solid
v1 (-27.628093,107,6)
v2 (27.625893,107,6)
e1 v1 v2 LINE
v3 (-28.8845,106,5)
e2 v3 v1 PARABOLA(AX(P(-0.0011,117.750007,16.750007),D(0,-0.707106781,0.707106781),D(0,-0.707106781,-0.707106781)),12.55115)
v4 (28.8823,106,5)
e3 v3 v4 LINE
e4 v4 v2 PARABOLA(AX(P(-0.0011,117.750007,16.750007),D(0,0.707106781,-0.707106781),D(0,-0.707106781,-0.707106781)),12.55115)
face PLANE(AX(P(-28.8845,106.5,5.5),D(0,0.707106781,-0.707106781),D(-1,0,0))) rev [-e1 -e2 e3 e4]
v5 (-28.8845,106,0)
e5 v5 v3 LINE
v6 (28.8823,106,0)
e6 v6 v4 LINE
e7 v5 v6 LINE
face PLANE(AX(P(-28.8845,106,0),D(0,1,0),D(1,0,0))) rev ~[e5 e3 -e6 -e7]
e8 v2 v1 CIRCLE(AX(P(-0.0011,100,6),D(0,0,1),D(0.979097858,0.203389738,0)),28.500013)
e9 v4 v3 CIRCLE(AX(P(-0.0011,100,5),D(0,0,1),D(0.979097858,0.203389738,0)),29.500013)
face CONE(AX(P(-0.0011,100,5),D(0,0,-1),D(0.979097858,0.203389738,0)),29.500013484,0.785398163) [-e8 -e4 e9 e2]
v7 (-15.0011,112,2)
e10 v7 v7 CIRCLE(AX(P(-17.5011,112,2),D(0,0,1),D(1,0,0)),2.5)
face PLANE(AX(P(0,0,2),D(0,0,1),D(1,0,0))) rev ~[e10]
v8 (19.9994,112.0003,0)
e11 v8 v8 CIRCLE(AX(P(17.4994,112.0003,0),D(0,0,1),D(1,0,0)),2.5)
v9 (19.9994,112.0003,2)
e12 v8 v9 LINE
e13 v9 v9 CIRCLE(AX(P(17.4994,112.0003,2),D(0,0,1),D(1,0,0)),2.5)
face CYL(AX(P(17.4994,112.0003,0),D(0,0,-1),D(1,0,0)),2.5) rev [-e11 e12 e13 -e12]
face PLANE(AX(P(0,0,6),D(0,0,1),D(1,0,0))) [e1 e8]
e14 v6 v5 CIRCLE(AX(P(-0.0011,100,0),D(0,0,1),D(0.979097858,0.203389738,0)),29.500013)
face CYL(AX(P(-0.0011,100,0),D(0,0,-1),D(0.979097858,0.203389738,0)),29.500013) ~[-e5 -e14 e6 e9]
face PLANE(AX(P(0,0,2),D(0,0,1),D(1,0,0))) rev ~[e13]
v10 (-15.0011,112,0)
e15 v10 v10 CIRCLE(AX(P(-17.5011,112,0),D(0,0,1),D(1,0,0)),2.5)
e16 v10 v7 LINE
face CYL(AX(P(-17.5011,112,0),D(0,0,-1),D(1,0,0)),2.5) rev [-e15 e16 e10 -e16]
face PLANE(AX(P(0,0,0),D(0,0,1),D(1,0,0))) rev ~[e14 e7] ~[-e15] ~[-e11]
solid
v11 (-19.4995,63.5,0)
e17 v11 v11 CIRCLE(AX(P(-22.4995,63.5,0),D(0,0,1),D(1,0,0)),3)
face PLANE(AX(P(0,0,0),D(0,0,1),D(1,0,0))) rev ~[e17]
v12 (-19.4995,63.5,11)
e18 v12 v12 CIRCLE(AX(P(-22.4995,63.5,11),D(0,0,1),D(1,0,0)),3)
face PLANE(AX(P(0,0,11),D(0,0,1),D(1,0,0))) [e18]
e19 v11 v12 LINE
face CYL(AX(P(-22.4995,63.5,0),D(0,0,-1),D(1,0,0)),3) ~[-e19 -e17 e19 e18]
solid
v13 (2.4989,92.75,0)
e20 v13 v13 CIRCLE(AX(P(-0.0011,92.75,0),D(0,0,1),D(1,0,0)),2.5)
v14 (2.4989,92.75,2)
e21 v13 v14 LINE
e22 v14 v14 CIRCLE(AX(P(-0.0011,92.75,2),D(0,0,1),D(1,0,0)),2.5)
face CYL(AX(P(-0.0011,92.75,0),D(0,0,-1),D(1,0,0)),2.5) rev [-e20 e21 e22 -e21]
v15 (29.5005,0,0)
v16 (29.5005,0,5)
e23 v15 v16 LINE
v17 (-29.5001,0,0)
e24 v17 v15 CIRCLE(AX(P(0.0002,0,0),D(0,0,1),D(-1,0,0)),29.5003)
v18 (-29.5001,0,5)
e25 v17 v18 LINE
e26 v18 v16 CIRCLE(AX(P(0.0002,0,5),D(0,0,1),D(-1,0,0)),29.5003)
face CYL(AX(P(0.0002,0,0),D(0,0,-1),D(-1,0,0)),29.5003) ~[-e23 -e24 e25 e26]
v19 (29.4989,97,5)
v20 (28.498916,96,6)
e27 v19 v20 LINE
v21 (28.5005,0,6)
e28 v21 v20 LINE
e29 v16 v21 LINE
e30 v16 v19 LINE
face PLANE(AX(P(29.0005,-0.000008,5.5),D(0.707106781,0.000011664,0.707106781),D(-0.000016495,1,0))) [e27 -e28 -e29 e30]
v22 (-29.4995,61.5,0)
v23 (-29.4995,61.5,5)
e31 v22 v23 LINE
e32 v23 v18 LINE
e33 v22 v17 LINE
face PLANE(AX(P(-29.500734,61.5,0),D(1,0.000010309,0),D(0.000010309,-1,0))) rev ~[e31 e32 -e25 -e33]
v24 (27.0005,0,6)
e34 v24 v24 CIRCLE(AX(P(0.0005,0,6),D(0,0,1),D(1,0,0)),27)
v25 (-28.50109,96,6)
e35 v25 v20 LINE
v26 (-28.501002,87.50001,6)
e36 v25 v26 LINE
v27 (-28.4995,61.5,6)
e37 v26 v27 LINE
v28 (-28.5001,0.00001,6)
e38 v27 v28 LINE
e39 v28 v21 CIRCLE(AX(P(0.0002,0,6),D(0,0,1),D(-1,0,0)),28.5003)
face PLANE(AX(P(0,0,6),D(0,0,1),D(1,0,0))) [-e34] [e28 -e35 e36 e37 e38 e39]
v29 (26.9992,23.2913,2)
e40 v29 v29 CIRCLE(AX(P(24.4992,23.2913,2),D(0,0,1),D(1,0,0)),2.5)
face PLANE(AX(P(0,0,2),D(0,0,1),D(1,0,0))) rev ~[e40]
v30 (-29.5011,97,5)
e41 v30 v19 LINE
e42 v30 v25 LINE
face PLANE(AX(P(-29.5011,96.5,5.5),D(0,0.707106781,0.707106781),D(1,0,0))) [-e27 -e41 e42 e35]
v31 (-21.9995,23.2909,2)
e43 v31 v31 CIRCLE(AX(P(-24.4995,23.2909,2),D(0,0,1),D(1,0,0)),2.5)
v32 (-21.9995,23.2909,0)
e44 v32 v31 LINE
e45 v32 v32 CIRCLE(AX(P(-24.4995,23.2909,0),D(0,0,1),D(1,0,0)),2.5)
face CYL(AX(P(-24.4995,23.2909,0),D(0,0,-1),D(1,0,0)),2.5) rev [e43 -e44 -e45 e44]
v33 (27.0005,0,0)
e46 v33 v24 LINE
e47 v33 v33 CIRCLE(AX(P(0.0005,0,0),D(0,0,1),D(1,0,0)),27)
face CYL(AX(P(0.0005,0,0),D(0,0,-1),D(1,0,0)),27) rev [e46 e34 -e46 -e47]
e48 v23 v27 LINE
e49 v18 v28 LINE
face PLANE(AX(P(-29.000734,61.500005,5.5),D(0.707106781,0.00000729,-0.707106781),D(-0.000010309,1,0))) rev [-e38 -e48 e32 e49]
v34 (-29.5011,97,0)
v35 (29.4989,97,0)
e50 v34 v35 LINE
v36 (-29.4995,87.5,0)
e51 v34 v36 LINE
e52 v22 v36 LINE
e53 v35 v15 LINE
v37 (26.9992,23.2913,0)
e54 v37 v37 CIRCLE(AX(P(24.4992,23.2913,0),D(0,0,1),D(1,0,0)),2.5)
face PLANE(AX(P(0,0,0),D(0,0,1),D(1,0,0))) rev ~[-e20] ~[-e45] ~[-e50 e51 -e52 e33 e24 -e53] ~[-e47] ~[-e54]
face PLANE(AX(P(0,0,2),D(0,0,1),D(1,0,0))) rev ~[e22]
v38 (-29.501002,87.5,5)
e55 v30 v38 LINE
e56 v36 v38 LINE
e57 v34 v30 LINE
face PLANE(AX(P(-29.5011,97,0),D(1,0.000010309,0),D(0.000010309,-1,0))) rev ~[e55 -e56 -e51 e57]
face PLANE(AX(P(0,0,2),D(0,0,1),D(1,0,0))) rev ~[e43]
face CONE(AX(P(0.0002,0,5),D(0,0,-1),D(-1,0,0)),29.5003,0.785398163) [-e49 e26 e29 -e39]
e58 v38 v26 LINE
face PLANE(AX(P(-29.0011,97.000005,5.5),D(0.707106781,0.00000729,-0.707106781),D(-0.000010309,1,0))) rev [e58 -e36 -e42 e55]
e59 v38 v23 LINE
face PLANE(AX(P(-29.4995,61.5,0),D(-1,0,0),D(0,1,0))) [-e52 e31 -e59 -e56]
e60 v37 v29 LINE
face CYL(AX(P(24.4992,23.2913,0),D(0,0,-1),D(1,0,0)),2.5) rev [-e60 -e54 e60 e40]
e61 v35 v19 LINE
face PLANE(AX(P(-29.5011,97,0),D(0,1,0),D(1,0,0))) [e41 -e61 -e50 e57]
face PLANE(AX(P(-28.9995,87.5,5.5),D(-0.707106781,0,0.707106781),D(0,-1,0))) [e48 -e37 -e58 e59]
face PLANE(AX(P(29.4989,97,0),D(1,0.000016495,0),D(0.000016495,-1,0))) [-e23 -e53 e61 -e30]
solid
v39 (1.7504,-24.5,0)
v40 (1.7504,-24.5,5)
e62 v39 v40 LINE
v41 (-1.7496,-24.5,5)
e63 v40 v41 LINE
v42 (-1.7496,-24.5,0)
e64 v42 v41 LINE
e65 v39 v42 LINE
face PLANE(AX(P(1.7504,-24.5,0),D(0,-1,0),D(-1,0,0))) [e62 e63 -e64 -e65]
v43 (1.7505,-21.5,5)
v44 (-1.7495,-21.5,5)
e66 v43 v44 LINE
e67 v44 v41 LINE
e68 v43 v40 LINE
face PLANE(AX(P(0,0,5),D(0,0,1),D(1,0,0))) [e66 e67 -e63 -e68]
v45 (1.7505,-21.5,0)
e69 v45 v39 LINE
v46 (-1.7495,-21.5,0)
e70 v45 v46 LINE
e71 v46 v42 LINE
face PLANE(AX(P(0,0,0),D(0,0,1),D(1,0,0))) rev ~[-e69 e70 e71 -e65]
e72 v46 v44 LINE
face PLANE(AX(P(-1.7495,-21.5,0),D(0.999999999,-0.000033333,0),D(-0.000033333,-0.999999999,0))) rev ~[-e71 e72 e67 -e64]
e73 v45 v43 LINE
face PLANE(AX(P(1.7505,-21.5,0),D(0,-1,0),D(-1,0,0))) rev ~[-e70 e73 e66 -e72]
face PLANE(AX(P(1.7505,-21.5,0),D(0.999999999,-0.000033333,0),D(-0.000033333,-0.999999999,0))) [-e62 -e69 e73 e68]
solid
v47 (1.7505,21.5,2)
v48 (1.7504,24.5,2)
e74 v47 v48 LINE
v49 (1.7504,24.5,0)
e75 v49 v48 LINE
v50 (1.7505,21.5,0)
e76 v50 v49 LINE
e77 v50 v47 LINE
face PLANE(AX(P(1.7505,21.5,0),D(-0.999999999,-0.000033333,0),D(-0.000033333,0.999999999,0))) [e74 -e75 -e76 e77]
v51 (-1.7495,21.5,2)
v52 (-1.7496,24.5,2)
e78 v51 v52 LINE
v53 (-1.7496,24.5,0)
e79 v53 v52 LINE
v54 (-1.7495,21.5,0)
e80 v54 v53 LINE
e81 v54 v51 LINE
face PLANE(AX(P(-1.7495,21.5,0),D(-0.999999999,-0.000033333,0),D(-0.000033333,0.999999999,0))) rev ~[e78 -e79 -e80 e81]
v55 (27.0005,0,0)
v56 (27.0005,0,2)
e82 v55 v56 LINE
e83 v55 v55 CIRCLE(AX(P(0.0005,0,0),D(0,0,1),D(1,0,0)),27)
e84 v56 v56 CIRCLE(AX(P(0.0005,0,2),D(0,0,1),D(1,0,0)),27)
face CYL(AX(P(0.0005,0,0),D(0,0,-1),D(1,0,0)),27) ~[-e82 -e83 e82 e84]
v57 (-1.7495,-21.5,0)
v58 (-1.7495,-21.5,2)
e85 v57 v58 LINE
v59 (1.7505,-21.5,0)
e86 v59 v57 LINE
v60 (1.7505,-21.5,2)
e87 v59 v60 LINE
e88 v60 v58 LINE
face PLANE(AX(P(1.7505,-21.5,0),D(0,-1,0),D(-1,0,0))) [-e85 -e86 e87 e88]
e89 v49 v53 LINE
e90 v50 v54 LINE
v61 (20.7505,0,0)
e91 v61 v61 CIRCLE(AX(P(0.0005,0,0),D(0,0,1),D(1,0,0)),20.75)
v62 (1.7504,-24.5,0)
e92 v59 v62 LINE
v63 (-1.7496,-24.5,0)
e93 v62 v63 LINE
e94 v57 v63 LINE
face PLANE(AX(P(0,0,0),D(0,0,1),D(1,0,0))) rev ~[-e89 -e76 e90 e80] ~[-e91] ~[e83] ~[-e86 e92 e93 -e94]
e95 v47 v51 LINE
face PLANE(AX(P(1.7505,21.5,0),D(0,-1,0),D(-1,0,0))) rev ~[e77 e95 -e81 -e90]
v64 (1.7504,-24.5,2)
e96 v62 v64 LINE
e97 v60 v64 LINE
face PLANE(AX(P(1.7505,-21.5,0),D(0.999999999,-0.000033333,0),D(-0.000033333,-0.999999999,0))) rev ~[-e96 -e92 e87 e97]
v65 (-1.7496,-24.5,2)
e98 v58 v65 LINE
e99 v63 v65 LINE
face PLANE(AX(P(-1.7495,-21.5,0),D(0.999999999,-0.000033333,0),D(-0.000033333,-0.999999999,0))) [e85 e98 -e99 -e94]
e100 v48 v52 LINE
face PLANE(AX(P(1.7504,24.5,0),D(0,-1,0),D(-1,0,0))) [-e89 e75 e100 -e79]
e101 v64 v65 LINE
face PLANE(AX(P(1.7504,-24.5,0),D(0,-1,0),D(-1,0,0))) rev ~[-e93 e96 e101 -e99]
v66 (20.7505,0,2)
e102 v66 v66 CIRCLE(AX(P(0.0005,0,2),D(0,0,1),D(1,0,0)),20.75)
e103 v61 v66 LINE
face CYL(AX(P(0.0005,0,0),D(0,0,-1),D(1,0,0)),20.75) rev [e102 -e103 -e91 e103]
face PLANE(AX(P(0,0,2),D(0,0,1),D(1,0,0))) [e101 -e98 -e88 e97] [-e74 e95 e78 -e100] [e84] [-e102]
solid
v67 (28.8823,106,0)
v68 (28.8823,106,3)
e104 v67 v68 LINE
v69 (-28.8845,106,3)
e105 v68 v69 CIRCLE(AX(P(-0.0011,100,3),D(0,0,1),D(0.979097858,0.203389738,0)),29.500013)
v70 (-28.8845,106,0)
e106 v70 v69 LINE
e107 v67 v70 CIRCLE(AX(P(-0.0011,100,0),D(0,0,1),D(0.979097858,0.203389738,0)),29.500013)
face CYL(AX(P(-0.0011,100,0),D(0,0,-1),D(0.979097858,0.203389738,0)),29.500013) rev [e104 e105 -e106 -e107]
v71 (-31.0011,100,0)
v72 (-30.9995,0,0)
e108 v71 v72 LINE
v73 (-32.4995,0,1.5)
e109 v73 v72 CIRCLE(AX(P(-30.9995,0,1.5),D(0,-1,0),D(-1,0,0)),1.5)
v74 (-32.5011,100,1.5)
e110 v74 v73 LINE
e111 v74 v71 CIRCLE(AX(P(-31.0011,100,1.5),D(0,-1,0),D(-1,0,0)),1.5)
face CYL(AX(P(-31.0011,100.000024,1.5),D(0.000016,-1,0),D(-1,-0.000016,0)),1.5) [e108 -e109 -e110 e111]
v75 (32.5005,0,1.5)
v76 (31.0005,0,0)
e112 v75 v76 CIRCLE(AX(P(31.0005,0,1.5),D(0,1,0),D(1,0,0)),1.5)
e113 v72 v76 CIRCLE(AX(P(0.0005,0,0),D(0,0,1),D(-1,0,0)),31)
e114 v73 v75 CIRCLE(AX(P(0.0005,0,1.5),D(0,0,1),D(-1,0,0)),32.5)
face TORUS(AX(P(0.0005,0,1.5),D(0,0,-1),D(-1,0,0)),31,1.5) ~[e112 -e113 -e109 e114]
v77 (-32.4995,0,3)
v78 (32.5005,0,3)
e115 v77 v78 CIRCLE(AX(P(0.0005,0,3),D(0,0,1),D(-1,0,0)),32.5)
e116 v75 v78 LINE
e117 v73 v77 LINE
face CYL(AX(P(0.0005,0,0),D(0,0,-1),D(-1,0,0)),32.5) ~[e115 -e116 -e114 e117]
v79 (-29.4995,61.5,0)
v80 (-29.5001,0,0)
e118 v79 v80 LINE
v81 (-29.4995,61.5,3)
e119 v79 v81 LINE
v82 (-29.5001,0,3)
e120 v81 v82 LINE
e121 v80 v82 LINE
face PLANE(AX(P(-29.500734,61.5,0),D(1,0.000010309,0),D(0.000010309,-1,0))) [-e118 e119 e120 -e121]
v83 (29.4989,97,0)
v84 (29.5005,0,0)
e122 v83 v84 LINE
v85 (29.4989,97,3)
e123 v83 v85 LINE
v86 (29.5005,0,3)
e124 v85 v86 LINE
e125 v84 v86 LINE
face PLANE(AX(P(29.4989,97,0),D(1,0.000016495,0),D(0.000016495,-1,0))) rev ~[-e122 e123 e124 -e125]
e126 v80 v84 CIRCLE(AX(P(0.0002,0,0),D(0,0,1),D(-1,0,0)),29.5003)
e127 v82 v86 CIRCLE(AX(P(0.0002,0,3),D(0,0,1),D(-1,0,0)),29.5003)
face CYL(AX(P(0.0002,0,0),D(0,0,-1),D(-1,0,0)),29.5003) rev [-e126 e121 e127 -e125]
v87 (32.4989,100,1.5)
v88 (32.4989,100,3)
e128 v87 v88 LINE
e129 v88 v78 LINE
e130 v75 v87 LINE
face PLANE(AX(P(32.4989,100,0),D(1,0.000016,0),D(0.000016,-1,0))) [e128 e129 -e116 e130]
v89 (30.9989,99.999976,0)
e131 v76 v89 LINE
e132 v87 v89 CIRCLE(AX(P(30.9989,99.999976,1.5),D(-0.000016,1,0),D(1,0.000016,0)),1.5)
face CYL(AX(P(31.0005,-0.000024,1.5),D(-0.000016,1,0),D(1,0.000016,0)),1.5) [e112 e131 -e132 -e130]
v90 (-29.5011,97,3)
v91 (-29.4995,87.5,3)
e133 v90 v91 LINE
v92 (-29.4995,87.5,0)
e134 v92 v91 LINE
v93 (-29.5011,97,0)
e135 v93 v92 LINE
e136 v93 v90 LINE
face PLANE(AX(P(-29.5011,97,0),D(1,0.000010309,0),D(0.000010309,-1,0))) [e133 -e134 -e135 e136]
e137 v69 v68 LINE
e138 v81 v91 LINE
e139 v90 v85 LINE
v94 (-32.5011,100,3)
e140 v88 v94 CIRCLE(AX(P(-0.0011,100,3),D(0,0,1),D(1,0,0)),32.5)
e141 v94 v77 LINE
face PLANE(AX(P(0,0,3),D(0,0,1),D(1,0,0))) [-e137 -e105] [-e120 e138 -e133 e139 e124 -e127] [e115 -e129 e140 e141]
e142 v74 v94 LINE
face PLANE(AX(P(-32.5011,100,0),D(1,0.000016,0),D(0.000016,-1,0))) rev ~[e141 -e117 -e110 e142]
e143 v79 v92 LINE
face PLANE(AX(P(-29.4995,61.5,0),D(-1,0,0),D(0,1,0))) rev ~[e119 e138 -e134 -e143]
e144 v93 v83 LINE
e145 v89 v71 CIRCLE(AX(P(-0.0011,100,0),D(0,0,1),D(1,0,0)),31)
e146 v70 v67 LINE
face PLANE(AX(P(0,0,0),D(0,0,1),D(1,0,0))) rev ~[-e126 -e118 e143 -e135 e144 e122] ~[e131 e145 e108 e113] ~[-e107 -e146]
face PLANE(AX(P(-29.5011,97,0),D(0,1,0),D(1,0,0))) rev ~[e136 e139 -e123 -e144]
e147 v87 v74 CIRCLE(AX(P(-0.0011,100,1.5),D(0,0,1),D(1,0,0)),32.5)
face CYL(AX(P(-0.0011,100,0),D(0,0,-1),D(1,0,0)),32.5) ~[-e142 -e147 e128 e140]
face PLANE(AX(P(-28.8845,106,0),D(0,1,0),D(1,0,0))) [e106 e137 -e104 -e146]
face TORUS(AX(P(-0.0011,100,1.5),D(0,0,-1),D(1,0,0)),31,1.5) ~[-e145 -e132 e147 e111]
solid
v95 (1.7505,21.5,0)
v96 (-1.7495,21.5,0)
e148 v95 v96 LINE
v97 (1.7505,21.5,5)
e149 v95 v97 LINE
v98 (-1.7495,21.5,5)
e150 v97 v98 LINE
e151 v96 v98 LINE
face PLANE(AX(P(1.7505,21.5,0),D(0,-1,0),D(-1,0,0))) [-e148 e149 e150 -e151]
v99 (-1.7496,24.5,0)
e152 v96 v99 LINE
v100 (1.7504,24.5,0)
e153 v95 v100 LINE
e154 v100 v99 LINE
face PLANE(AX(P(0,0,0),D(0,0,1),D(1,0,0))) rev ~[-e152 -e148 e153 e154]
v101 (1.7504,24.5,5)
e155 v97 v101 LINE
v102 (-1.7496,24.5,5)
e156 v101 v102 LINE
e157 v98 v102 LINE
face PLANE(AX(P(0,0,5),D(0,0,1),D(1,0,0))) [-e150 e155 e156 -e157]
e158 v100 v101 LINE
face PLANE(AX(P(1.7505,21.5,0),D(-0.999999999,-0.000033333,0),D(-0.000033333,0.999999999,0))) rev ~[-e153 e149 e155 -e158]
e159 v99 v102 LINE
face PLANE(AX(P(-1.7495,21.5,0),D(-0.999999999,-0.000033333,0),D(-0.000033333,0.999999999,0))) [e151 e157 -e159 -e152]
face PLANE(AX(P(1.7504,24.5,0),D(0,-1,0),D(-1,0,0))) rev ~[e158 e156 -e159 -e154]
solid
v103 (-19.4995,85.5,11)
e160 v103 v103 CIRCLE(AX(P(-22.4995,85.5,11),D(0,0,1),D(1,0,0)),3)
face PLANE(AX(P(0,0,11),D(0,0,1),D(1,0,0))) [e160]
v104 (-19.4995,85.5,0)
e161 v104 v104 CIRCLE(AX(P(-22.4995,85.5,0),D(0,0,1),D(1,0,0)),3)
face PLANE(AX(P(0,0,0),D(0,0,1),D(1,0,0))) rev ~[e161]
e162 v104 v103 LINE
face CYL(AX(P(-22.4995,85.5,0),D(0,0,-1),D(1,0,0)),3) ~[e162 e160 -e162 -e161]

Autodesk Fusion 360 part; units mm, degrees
sketch "Sketch1" plane through (0, 0, 0) normal (0, 0, 1) x (1, 0, 0)
  circle A0 centre (0.0005, 0) radius 20.75
  arc A1 (32.4989, 100) -> (-32.5011, 100) centre (-0.0011, 100) ccw
  circle A2 centre (0.0005, 0) radius 27
  line L0 (-49, 0) -> (63, 0) construction
  line L1 (-32.5011, 100) -> (-32.4995, 0)
  line L2 (32.4989, 100) -> (32.5005, 0)
  arc A3 (-32.4995, 0) -> (32.5005, 0.0005) centre (0.0005, 0) ccw
  arc A4 (-29.5001, 0) -> (29.5005, 0) centre (0.0002, 0) ccw
  line L3 (-29.4995, 61.5) -> (-29.4995, 87.5)
  line L4 (-29.5011, 97) -> (29.4989, 97)
  line L5 (-28.8845, 106) -> (28.8823, 106)
  arc A5 (28.8823, 106) -> (-28.8845, 106) centre (-0.0011, 100) ccw
  line L6 (29.4989, 100.0007) -> (29.4989, 100)
  line L7 (29.4989, 97) -> (29.5005, 0)
  line L8 (-29.5011, 97) -> (-29.5001, 0)
  line L9 (-24.4995, 23.2909) -> (-38.4097, 23.2907) construction
  line L10 (-29.5011, 97) -> (-29.5001, 0)
  line L11 (-26.4995, 112) -> (22.6043, 112) construction
  line L12 (0.0002, 0) -> (0.0007, -38) construction
  line L13 (-1.7495, 21.5) -> (-1.7496, 24.5)
  line L14 (1.7505, 21.5) -> (1.7504, 24.5)
  line L15 (1.7505, 21.5) -> (-1.7495, 21.5)
  line L16 (1.7504, 24.5) -> (-1.7496, 24.5)
  circle A6 centre (17.4994, 112.0003) radius 2.5
  circle A7 centre (-17.5011, 112) radius 2.5
  circle A8 centre (24.4992, 23.2913) radius 2.5
  circle A9 centre (-24.4995, 23.2909) radius 2.5
  line L17 (1.7504, -24.5) -> (-1.7496, -24.5)
  line L18 (-1.7495, -21.5) -> (-1.7496, -24.5)
  line L19 (1.7505, -21.5) -> (-1.7495, -21.5)
  line L20 (1.7505, -21.5) -> (1.7504, -24.5)
  line L21 (-24.9995, 61) -> (3.0005, 61) construction
  line L22 (3.0005, 61) -> (3.0005, 88) construction
  line L23 (3.0005, 88) -> (-24.9995, 88) construction
  line L24 (-24.9995, 88) -> (-24.9995, 61) construction
  circle A10 centre (-22.4995, 63.5) radius 3
  line L25 (-24.9995, 74.5) -> (3.0005, 74.5) construction
  circle A11 centre (-22.4995, 85.5) radius 3
  circle A12 centre (-0.0011, 92.75) radius 2.5
  dimension "d2" = 41.5
  dimension "d3" = 65
  dimension "d76" = 54
  dimension "d88" = 65
  dimension "d91" = 100
  dimension "d107" = 3
  dimension "d118" = 26
  dimension "d144" = 5
  dimension "d145" = 8
  dimension "d148" = 5
  dimension "d149" = 4.25
  dimension "d150" = 32.5
  dimension "d151" = 5
  dimension "d152" = 15
  dimension "d153" = 12
  dimension "d235" = 21.5
  dimension "d236" = 3
  dimension "d237" = 27
  dimension "d238" = 28
  dimension "d239" = 6
  dimension "d243" = 2.5
  dimension "d244" = 2.5
  dimension "d245" = 61
  dimension "d246" = 25
extrude "Extrude30" add sketch "Sketch1" along normal blind 3 contours A1 L1 L2 A3 makes body 1
extrude "Extrude32" add sketch "Sketch1" along normal blind 5 separate body contours L13 L14 L15 L16 | L17 L18 L19 L20 makes body 2 at (-0.5829, 21.5, 3.3333) makes body 3 at (0.5838, -21.5, 1.6667)
extrude "Extrude33" add sketch "Sketch1" along normal blind 2 separate body contours A2 makes body 4
extrude "Extrude34" add sketch "Sketch1" along normal blind 6 separate body contours A4 L3 L4 L7 L8 L10 | L5 A5 | A6 | A7 | A8 | A9 | A10 | A11 | A12 makes body 5 at (-1.0934, 115.1669, 0) makes body 6 at (-0.6731, 73.6415, 0)
chamfer "Chamfer1" distance 1 angle 45 4 edges at (-29.5006, 48.5, 6) (0.0002, -29.5003, 6) (29.4997, 48.5, 6) (-0.0011, 97, 6) on bodies 6
chamfer "Chamfer2" distance 1 angle 45 2 edges at (-0.0011, 129.5, 6) (-0.0011, 106, 6) on bodies 5
fillet "Fillet1" radius 1.5 4 edges at (0.0007, -32.5, 0) (-32.5003, 50, 0) (-0.0011, 132.5, 0) (32.4997, 50.0003, 0) on bodies 1
extrude "Extrude35" cut sketch "Sketch1" along normal blind 2 contours A6 | A7 bodies 5
extrude "Extrude36" cut sketch "Sketch1" along normal blind 2 contours A8 | A9 bodies 6
extrude "Extrude37" cut sketch "Sketch1" along normal blind 2 contours A12 bodies 6
extrude "Extrude38" add sketch "Sketch1" along normal blind 11 separate body contours A10 | A11 makes body 7 at (-19.8649, 64.9348, 3.6667) makes body 8 at (-19.6805, 84.4739, 7.3333)
extrude "Extrude6" [suppressed]
extrude "Extrude7" [suppressed]
sketch "Sketch3" plane through (-30, 0, 0) normal (-1, 0, 0) x (0, -1, 0)
  line L0 (-60, 0) -> (0, 0)
  line L1 (0, 0) -> (0, 36)
  line L2 (0, 36) -> (-60, 36)
  line L3 (-60, 36) -> (-60, 0)
  line L4 (-52, 8) -> (-52, 28)
  line L5 (-55, 28) -> (-55, 8)
  arc A0 (-52, 28) -> (-55, 28) centre (-53.5, 28) ccw
  arc A1 (-55, 8) -> (-52, 8) centre (-53.5, 8) ccw
  arc A2 (-46.125, 28) -> (-49.125, 28) centre (-47.625, 28) ccw
  line L6 (-46.125, 8) -> (-46.125, 28)
  line L7 (-49.125, 28) -> (-49.125, 8)
  arc A3 (-49.125, 8) -> (-46.125, 8) centre (-47.625, 8) ccw
  arc A4 (-40.25, 28) -> (-43.25, 28) centre (-41.75, 28) ccw
  line L8 (-40.25, 8) -> (-40.25, 28)
  line L9 (-43.25, 28) -> (-43.25, 8)
  arc A5 (-43.25, 8) -> (-40.25, 8) centre (-41.75, 8) ccw
  arc A6 (-34.375, 28) -> (-37.375, 28) centre (-35.875, 28) ccw
  line L10 (-34.375, 8) -> (-34.375, 28)
  line L11 (-37.375, 28) -> (-37.375, 8)
  arc A7 (-37.375, 8) -> (-34.375, 8) centre (-35.875, 8) ccw
  arc A8 (-28.5, 28) -> (-31.5, 28) centre (-30, 28) ccw
  line L12 (-28.5, 8) -> (-28.5, 28)
  line L13 (-31.5, 28) -> (-31.5, 8)
  arc A9 (-31.5, 8) -> (-28.5, 8) centre (-30, 8) ccw
  arc A10 (-22.625, 28) -> (-25.625, 28) centre (-24.125, 28) ccw
  line L14 (-22.625, 8) -> (-22.625, 28)
  line L15 (-25.625, 28) -> (-25.625, 8)
  arc A11 (-25.625, 8) -> (-22.625, 8) centre (-24.125, 8) ccw
  arc A12 (-16.75, 28) -> (-19.75, 28) centre (-18.25, 28) ccw
  line L16 (-16.75, 8) -> (-16.75, 28)
  line L17 (-19.75, 28) -> (-19.75, 8)
  arc A13 (-19.75, 8) -> (-16.75, 8) centre (-18.25, 8) ccw
  arc A14 (-10.875, 28) -> (-13.875, 28) centre (-12.375, 28) ccw
  line L18 (-10.875, 8) -> (-10.875, 28)
  line L19 (-13.875, 28) -> (-13.875, 8)
  arc A15 (-13.875, 8) -> (-10.875, 8) centre (-12.375, 8) ccw
  arc A16 (-5, 28) -> (-8, 28) centre (-6.5, 28) ccw
  line L20 (-5, 8) -> (-5, 28)
  line L21 (-8, 28) -> (-8, 8)
  arc A17 (-8, 8) -> (-5, 8) centre (-6.5, 8) ccw
  line L22 (-60, 18) -> (-55, 18)
  dimension "d42" = 3
  dimension "d43" = 20
  dimension "d44" = 3
  dimension "d45" = 3
  dimension "d46" = 10
  dimension "d47" = 5
  dimension "d50" = 47
  dimension "d51" = 0
extrude "Extrude8" [suppressed]
extrude "Extrude9" [suppressed]
